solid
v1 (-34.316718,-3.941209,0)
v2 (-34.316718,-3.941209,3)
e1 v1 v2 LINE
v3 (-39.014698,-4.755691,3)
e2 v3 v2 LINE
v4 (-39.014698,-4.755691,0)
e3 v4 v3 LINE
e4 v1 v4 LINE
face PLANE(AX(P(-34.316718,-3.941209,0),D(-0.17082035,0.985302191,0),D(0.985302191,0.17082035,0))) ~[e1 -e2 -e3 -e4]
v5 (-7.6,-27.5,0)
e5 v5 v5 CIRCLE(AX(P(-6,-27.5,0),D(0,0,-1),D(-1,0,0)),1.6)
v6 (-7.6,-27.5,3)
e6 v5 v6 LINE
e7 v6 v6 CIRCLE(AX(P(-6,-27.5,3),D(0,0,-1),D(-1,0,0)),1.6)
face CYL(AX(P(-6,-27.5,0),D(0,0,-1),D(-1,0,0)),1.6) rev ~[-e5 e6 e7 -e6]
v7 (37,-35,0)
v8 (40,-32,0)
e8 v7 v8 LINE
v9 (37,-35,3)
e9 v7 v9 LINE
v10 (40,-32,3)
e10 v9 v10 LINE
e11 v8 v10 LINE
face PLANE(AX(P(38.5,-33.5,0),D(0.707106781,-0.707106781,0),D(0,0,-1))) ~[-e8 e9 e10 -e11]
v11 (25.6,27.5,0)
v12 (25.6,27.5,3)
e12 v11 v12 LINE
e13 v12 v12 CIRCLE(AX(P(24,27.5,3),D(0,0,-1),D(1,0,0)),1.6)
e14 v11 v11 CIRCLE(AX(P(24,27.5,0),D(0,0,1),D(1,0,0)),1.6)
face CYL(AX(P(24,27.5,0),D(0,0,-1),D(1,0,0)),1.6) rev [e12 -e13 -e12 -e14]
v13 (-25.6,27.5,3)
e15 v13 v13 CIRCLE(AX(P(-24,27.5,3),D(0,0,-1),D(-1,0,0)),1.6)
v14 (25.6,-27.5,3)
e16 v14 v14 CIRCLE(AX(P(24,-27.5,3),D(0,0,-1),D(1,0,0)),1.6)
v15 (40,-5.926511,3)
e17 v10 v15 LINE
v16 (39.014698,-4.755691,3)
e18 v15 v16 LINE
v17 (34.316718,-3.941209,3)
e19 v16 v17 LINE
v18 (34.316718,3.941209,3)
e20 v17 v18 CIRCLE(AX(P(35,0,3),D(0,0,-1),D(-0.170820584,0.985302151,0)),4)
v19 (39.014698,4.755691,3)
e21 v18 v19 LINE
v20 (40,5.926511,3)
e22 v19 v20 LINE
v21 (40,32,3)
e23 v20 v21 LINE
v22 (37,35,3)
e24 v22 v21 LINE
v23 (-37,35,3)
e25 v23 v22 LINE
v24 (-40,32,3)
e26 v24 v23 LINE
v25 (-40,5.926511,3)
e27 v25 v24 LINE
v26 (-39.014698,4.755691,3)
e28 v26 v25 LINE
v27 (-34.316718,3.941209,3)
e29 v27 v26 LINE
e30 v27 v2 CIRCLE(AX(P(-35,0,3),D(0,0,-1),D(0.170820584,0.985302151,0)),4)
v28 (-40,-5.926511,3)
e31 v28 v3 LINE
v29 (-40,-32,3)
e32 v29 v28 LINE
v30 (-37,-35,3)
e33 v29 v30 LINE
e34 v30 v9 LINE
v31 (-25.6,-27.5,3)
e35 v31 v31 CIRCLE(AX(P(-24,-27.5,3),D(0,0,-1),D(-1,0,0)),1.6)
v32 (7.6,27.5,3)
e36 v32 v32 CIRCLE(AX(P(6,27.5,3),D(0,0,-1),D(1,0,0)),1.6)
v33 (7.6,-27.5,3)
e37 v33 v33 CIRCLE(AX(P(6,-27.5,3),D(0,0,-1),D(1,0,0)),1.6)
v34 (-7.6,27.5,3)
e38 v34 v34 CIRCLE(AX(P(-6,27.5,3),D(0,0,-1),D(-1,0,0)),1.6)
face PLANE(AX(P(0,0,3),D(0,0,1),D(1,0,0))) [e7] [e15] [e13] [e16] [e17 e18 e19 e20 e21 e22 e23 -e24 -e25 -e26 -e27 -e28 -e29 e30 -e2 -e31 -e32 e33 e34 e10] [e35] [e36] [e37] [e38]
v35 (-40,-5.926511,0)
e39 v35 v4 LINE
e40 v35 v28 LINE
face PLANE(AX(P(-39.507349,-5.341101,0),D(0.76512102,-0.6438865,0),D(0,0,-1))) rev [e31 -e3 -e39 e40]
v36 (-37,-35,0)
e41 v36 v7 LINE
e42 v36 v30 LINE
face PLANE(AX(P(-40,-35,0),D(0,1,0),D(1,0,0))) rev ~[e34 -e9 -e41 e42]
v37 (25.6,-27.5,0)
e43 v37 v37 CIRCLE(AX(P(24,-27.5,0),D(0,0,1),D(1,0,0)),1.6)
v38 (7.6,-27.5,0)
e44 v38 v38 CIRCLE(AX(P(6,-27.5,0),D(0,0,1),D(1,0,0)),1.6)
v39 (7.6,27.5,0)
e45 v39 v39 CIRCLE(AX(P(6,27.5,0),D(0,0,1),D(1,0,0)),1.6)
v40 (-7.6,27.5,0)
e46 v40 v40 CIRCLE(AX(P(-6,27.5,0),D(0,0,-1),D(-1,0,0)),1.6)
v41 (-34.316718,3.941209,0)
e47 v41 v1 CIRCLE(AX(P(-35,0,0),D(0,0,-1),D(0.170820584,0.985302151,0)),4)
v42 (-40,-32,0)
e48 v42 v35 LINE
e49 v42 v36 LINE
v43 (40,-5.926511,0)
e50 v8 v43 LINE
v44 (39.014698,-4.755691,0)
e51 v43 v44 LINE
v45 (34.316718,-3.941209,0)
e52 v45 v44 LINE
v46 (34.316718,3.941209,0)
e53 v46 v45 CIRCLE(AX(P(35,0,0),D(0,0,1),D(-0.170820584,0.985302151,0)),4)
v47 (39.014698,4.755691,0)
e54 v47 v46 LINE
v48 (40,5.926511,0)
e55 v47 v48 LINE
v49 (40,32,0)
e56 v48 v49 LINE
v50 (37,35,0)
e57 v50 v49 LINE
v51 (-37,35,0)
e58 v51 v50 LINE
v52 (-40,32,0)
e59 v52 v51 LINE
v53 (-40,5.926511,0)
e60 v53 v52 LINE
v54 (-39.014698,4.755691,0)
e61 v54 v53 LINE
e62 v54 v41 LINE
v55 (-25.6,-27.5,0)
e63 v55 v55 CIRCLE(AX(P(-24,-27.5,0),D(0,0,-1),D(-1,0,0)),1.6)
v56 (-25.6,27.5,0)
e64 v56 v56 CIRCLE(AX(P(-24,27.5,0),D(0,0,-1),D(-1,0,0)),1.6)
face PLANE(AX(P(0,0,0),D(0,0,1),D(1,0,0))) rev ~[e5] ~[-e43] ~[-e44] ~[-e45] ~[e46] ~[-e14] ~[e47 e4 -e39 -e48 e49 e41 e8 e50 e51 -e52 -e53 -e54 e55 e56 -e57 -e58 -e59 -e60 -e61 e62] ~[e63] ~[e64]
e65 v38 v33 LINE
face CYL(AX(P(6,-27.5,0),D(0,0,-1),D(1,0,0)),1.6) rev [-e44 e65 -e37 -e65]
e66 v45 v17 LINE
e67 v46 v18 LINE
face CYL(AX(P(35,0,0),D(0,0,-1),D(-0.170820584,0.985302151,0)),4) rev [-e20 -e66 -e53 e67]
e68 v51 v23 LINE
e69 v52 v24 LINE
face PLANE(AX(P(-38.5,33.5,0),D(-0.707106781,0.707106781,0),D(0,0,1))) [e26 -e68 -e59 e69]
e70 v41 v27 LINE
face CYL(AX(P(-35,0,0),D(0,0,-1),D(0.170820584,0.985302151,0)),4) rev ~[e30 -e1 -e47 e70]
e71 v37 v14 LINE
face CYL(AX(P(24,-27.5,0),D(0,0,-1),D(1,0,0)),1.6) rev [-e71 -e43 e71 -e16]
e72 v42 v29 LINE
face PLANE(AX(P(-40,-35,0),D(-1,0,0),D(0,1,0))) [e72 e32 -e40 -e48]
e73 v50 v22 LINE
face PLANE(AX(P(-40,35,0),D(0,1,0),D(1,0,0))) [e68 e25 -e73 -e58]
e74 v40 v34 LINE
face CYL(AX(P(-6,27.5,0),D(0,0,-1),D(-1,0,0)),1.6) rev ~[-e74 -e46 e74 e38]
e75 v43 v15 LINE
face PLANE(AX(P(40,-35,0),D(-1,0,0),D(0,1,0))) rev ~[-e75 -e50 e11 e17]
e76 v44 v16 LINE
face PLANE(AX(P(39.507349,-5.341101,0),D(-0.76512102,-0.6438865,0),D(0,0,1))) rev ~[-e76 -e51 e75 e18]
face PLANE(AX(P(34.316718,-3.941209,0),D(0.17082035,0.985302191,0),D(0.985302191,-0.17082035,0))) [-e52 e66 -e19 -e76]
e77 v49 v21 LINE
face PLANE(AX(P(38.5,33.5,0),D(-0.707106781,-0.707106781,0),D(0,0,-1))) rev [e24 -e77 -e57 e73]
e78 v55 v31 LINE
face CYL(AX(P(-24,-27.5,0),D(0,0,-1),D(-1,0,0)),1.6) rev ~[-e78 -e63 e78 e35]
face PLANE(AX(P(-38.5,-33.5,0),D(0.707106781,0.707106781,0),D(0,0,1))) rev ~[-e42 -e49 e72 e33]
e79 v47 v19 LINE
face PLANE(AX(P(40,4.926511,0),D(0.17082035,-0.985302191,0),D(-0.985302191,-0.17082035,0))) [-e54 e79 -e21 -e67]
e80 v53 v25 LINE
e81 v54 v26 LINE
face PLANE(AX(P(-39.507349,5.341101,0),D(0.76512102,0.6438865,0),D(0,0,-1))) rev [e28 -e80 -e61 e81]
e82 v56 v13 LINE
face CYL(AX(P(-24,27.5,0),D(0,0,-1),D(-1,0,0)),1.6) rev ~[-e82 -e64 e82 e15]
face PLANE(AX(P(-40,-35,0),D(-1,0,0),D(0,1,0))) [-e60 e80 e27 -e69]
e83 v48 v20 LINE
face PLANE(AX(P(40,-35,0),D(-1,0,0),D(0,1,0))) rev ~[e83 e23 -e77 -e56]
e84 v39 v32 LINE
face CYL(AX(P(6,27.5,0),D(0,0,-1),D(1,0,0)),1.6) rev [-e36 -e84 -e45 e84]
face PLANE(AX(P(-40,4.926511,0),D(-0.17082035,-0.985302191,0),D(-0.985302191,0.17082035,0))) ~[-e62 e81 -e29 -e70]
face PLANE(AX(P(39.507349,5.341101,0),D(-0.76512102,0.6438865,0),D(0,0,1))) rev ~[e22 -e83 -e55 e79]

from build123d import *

# Parameters (mm, degrees)
SKETCH241_W     = 80
SKETCH241_H     = 70
PAD125_DEPTH    = 3
SKETCH242_R     = 1.6
POCKET081_DEPTH = 5
CHAMFER085_SIZE = 3
CHAMFER086_SIZE = 1


with BuildPart() as part:
    # Sketch241 → Pad125 (new body)
    with BuildSketch(Plane.XY):
        Rectangle(SKETCH241_W, SKETCH241_H)
    extrude(amount=PAD125_DEPTH)

    # Sketch242 → Pocket081 (cut)
    with BuildSketch(Plane.XY):
        with Locations((24, 27.5)):
            Circle(SKETCH242_R)
        with Locations((6, 27.5)):
            Circle(SKETCH242_R)
        with Locations((6, -27.5)):
            Circle(SKETCH242_R)
        with Locations((24, -27.5)):
            Circle(SKETCH242_R)
        with BuildLine():
            ThreePointArc((34.316718, 3.941209), (31, 0), (34.316718, -3.941209))
            Line((34.316718, -3.941209), (40, -4.926511))
            ThreePointArc((40, -4.926511), (45.854102, 0), (40, 4.926511))
            Line((40, 4.926511), (34.316718, 3.941209))
        make_face()
    pocket081 = extrude(amount=POCKET081_DEPTH, mode=Mode.SUBTRACT)

    # Mirrored016: Pocket081 across YZ
    add(pocket081.mirror(Plane.YZ), mode=Mode.SUBTRACT)

    # Chamfer085
    chamfer085_edges = [part.edges().sort_by_distance(p)[0] for p in [
        (-40, -35, 1.5),
        (40, -35, 1.5),
        (-40, 35, 1.5),
        (40, 35, 1.5),
    ]]
    chamfer(chamfer085_edges, length=CHAMFER085_SIZE)

    # Chamfer086
    chamfer086_edges = [part.edges().sort_by_distance(p)[0] for p in [
        (40, -4.926511, 1.5),
        (40, 4.926511, 1.5),
        (-40, 4.926511, 1.5),
        (-40, -4.926511, 1.5),
    ]]
    chamfer(chamfer086_edges, length=CHAMFER086_SIZE)


solid = part.part
